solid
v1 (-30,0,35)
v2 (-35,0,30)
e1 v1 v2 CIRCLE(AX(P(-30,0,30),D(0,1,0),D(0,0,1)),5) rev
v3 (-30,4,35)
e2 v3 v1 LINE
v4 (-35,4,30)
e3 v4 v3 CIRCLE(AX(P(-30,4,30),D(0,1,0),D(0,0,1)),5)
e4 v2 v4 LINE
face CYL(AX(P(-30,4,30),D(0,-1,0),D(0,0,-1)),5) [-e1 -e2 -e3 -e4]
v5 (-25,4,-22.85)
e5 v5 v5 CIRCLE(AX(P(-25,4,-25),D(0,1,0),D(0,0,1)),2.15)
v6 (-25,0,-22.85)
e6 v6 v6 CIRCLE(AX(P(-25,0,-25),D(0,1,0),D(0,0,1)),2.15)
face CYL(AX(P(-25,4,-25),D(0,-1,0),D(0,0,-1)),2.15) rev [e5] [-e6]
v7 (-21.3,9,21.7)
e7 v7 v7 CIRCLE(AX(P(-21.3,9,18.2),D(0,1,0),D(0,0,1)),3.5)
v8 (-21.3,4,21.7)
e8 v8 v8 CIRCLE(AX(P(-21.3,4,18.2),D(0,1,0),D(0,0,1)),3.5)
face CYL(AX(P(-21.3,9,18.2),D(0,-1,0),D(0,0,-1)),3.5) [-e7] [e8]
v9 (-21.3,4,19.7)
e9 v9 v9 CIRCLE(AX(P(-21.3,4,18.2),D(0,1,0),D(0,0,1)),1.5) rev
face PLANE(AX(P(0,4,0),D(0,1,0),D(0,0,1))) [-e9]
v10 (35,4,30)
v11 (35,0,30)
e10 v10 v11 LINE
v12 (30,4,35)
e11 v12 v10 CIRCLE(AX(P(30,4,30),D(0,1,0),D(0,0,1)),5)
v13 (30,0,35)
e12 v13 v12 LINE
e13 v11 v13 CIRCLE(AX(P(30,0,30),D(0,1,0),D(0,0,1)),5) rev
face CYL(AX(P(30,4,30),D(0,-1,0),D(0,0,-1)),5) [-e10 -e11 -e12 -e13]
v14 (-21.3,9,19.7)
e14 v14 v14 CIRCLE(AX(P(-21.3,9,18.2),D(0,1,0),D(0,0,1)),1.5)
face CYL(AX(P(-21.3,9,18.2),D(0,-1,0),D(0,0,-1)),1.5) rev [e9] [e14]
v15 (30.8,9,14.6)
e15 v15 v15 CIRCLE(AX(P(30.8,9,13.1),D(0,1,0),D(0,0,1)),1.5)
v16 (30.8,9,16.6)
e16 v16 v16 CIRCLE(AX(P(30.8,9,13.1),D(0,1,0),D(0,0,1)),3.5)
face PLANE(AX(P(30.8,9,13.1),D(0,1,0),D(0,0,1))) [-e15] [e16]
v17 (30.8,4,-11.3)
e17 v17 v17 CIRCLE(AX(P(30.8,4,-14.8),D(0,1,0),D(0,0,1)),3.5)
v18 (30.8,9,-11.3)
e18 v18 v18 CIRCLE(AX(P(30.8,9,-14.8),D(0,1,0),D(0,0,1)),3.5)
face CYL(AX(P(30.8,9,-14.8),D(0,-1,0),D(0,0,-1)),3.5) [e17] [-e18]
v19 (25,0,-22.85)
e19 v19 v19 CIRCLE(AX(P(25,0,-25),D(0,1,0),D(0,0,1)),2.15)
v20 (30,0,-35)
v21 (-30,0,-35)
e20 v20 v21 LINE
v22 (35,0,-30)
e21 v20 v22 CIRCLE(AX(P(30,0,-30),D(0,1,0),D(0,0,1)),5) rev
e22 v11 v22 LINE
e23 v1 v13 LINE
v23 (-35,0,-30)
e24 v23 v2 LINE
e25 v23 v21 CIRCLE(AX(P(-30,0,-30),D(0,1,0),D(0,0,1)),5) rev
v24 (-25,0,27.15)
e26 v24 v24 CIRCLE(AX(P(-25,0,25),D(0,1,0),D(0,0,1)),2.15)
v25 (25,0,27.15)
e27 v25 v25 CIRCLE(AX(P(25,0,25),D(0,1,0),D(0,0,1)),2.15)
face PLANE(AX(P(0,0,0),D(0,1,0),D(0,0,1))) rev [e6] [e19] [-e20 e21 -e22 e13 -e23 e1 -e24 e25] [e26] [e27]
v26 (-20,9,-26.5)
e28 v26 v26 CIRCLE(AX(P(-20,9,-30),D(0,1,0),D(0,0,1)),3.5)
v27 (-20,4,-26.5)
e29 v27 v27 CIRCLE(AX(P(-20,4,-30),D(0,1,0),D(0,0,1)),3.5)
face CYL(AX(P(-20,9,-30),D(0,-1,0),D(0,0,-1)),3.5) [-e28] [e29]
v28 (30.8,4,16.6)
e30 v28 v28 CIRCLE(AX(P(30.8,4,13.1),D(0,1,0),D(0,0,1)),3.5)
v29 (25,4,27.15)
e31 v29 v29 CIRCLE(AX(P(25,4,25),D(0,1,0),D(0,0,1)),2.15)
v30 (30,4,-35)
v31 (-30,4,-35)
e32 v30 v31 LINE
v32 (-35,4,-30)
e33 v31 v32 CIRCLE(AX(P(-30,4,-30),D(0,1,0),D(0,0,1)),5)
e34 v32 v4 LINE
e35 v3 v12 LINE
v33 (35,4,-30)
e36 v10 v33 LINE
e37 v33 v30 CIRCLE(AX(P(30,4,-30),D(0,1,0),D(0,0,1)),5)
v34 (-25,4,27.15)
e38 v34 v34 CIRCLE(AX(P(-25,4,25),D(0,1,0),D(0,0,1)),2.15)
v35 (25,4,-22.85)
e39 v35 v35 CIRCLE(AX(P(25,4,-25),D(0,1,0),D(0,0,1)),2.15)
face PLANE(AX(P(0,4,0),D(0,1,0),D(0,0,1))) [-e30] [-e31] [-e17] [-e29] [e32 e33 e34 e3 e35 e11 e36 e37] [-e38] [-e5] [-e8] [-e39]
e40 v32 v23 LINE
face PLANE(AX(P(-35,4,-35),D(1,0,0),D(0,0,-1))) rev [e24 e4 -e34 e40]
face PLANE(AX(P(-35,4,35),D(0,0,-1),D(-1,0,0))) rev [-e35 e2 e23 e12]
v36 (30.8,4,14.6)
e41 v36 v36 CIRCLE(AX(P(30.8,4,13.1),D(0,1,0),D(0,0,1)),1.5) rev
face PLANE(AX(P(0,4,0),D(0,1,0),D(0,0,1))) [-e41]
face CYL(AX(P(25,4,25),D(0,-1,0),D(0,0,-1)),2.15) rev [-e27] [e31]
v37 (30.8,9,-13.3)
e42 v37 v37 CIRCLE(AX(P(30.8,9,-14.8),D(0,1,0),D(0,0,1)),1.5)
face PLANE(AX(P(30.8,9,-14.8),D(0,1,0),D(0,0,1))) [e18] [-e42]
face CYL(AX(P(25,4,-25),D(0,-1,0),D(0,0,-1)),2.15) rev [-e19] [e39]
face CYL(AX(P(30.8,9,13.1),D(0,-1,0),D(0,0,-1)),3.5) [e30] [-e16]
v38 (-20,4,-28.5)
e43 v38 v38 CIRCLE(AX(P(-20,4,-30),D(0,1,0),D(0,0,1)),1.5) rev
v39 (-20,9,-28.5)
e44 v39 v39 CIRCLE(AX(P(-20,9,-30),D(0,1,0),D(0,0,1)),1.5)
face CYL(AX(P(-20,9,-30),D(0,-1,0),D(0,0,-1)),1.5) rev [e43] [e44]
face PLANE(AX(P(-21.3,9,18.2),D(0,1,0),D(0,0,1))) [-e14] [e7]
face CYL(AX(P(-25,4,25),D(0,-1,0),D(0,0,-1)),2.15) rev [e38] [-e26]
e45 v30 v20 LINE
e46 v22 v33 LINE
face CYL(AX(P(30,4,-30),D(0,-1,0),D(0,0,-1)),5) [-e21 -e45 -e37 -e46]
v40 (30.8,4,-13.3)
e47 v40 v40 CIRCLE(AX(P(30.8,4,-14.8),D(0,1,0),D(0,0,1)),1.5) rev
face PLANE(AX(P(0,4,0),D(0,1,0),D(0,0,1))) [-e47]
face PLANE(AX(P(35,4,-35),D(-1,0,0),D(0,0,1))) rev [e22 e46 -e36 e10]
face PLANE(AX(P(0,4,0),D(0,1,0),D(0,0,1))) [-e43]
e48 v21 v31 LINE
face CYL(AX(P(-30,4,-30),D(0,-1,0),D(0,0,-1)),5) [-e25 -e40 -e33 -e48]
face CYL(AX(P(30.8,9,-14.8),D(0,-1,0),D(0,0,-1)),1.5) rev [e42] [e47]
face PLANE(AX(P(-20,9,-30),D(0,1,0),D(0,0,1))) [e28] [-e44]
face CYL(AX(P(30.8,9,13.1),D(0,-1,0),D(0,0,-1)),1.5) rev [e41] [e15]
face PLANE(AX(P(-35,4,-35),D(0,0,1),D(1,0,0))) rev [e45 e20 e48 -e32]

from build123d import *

# Parameters (mm, degrees)
SKETCH_2_W      = 70
SKETCH_2_H      = 70
SKETCH_2_R      = 2.15
EXTRUDE_1_DEPTH = 4
SKETCH_3_R      = 3.5
SKETCH_3_R_2    = 1.5
EXTRUDE_2_DEPTH = 5
FILLET_1_R      = 5


with BuildPart() as part:
    # 草圖2 → 填料-伸長1 (new body)
    with BuildSketch(Plane(origin=(0, 0, 0), x_dir=(1, 0, 0), z_dir=(0, 1, 0))):
        Rectangle(SKETCH_2_W, SKETCH_2_H)
        with Locations(Location((-25, 25, 0), (0, 0, 270))):
            Circle(SKETCH_2_R, mode=Mode.SUBTRACT)
        with Locations(Location((25, 25, 0), (0, 0, 270))):
            Circle(SKETCH_2_R, mode=Mode.SUBTRACT)
        with Locations(Location((-25, -25, 0), (0, 0, 270))):
            Circle(SKETCH_2_R, mode=Mode.SUBTRACT)
        with Locations(Location((25, -25, 0), (0, 0, 270))):
            Circle(SKETCH_2_R, mode=Mode.SUBTRACT)
    extrude(amount=EXTRUDE_1_DEPTH)

    # 草圖3 → 填料-伸長2 (add)
    # profile 1 of 4: a face of its own
    with BuildSketch(Plane(origin=(0, 4, 0), x_dir=(1, 0, 0), z_dir=(0, 1, 0))):
        with Locations(Location((-20, 30, 0), (0, 0, 270))):
            Circle(SKETCH_3_R)
        with Locations(Location((-20, 30, 0), (0, 0, 270))):
            Circle(SKETCH_3_R_2, mode=Mode.SUBTRACT)
    # profile 2 of 4: a face of its own
    with BuildSketch(Plane(origin=(0, 4, 0), x_dir=(1, 0, 0), z_dir=(0, 1, 0))):
        with Locations(Location((30.8, 14.8, 0), (0, 0, 270))):
            Circle(SKETCH_3_R)
        with Locations(Location((30.8, 14.8, 0), (0, 0, 270))):
            Circle(SKETCH_3_R_2, mode=Mode.SUBTRACT)
    # profile 3 of 4: a face of its own
    with BuildSketch(Plane(origin=(0, 4, 0), x_dir=(1, 0, 0), z_dir=(0, 1, 0))):
        with Locations(Location((30.8, -13.1, 0), (0, 0, 270))):
            Circle(SKETCH_3_R)
        with Locations(Location((30.8, -13.1, 0), (0, 0, 270))):
            Circle(SKETCH_3_R_2, mode=Mode.SUBTRACT)
    # profile 4 of 4: a face of its own
    with BuildSketch(Plane(origin=(0, 4, 0), x_dir=(1, 0, 0), z_dir=(0, 1, 0))):
        with Locations(Location((-21.3, -18.2, 0), (0, 0, 270))):
            Circle(SKETCH_3_R)
        with Locations(Location((-21.3, -18.2, 0), (0, 0, 270))):
            Circle(SKETCH_3_R_2, mode=Mode.SUBTRACT)
    extrude(amount=EXTRUDE_2_DEPTH)

    # 圓角1
    fillet_1_edges = [part.edges().sort_by_distance(p)[0] for p in [
        (35, 2, 35),
        (-35, 2, 35),
        (-35, 2, -35),
        (35, 2, -35),
    ]]
    fillet(fillet_1_edges, radius=FILLET_1_R)


solid = part.part
